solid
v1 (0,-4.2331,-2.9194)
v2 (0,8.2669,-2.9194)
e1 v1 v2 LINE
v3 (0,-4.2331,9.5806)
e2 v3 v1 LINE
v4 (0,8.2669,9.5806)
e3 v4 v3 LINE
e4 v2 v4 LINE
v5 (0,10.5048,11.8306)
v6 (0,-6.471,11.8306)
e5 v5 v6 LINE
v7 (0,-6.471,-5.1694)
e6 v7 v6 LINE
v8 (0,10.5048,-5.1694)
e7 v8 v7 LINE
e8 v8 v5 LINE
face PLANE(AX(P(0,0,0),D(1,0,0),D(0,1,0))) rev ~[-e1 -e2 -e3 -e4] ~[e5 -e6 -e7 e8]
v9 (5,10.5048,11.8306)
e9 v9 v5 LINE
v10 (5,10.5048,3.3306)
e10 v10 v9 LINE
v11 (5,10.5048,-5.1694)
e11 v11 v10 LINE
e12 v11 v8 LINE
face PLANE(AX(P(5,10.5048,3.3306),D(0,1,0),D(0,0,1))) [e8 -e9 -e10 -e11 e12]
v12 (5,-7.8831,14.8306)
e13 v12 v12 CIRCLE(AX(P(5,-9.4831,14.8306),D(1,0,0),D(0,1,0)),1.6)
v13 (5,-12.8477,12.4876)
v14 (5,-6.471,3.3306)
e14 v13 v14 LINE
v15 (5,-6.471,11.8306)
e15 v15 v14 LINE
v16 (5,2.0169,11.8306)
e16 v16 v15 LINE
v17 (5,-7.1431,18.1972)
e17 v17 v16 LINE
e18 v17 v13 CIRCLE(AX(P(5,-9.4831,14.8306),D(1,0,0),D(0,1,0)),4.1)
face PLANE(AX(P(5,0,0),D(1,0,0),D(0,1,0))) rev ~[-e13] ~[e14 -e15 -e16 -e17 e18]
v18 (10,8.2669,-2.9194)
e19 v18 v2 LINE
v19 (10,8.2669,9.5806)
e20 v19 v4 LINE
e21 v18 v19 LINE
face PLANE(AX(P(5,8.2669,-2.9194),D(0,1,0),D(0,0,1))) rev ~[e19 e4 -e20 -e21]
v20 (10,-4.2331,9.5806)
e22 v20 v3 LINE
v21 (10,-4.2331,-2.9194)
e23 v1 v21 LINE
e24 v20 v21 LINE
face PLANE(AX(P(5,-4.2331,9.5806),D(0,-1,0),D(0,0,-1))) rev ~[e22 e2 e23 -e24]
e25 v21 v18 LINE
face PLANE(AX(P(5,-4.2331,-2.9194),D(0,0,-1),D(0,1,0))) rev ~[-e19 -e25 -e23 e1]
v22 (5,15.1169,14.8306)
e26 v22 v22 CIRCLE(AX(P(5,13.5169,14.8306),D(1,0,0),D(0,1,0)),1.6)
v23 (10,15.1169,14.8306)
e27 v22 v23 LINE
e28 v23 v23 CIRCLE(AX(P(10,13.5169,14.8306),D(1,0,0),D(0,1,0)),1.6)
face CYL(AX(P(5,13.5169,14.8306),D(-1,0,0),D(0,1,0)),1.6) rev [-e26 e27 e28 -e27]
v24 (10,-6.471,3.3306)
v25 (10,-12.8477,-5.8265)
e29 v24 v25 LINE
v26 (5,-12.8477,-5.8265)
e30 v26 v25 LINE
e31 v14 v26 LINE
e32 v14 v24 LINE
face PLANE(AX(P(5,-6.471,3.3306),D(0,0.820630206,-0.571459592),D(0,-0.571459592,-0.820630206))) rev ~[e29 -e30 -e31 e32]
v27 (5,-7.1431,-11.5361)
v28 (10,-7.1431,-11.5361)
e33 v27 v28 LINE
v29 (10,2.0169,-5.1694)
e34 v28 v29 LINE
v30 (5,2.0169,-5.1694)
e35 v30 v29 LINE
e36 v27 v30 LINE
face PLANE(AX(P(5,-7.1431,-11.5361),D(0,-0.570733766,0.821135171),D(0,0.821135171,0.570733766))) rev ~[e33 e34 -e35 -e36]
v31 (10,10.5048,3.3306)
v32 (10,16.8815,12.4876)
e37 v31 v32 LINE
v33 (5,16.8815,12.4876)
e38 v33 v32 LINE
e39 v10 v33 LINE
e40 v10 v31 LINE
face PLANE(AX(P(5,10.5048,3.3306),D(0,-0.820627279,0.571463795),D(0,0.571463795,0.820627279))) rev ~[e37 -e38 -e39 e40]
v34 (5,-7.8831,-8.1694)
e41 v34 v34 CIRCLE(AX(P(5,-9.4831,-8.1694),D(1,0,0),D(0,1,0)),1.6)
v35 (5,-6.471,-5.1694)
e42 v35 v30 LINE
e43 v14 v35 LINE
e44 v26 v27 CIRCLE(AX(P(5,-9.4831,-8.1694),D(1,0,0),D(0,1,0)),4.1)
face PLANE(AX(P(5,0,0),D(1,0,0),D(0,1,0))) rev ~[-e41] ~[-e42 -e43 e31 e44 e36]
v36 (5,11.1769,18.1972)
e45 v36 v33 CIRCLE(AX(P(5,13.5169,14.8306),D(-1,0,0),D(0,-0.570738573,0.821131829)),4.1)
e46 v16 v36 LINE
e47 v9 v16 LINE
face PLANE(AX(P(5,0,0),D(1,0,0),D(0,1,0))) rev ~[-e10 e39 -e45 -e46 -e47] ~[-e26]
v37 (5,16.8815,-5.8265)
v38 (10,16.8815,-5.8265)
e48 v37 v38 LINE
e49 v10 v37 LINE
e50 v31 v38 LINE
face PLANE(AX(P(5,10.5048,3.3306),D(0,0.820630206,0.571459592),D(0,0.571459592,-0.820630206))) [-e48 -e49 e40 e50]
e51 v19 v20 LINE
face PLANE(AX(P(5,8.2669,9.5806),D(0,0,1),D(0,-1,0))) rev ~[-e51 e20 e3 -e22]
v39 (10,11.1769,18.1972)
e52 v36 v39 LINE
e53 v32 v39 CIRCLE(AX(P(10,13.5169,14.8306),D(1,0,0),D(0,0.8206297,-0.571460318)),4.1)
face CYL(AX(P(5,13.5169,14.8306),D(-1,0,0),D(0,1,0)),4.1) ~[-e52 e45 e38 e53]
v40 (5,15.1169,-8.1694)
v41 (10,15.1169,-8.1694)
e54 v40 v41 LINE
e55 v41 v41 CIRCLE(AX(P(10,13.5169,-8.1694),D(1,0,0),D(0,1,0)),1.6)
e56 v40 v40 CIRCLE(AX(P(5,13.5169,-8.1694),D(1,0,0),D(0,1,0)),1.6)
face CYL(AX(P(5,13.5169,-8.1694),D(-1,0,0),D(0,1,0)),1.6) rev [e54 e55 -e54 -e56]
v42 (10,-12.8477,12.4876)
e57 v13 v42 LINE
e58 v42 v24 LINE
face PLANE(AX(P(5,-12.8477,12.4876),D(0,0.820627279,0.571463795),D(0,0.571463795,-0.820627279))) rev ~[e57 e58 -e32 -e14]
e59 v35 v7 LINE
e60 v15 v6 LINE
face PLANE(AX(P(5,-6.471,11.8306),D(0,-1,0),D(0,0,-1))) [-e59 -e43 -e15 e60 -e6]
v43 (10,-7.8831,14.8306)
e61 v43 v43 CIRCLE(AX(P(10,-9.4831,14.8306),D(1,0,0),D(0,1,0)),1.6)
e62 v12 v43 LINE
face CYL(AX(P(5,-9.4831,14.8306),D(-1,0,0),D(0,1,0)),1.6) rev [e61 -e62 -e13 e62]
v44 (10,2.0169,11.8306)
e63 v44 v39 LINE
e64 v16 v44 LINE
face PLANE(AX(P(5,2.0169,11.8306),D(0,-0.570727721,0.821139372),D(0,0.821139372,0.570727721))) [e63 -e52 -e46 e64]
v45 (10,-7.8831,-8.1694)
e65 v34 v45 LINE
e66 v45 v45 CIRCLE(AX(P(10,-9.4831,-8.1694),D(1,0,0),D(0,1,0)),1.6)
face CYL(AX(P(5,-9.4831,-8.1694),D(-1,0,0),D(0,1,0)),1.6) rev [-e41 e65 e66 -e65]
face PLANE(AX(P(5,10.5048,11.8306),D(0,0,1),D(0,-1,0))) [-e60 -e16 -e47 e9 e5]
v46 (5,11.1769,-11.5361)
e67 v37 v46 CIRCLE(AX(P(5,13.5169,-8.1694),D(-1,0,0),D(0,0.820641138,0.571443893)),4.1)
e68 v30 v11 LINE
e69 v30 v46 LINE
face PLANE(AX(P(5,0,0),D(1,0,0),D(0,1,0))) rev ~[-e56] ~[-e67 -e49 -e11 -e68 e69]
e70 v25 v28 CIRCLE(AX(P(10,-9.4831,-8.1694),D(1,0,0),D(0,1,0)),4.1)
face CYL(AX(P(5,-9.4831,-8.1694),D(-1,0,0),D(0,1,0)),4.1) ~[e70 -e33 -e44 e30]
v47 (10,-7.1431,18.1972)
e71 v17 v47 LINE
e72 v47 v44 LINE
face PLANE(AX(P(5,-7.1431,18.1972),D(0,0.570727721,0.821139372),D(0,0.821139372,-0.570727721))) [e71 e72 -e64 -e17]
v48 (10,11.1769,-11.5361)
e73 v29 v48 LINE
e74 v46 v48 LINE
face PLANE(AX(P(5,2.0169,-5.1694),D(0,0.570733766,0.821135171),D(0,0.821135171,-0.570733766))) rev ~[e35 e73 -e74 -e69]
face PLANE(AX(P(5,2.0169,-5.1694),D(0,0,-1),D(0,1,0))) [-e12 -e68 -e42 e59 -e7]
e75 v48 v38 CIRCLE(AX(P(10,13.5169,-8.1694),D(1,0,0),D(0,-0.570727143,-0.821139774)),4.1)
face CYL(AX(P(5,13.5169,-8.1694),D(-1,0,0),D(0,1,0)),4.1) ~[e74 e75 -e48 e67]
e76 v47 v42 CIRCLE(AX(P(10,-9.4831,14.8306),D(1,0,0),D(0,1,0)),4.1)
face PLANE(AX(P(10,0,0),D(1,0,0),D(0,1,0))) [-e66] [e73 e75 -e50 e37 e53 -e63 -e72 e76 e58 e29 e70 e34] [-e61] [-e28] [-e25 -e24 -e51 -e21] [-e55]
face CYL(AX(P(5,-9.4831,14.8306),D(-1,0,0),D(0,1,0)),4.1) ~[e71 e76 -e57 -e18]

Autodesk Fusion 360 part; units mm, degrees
sketch "Sketch2" plane through (5, 0, 0) normal (1, 0, 0) x (0, 1, 0)
  line L0 (16.9637, 18.2844) -> (-13.0292, -11.7227) construction
  line L1 (-12.9363, 18.2856) -> (17.0619, -11.7162) construction
  circle A0 centre (13.5169, 14.8306) radius 1.6
  circle A1 centre (-9.4831, 14.8306) radius 1.6
  circle A2 centre (-9.4831, -8.1694) radius 1.6
  circle A3 centre (13.5169, -8.1694) radius 1.6
  circle A4 centre (-9.4831, 14.8306) radius 4.1
  circle A5 centre (13.5169, 14.8306) radius 4.1
  circle A6 centre (-9.4831, -8.1694) radius 4.1
  line L2 (9.4619, 10.7862) -> (-5.5274, -4.2245) construction
  line L3 (-7.1431, 18.1972) -> (2.0169, 11.8306)
  line L4 (2.0169, 11.8306) -> (11.1769, 18.1972)
  line L5 (-12.8477, 12.4876) -> (-6.471, 3.3306)
  line L6 (-6.471, 3.3306) -> (-12.8477, -5.8265)
  line L7 (-7.1431, -11.5361) -> (2.0169, -5.1694)
  line L8 (10.5048, 3.3306) -> (16.8815, 12.4876)
  circle A7 centre (13.5169, -8.1694) radius 4.1
  line L9 (10.5048, 3.3306) -> (16.8815, -5.8265)
  line L10 (2.0169, -5.1694) -> (11.1769, -11.5361)
  line L11 (-4.2331, -2.9194) -> (8.2669, -2.9194)
  line L12 (8.2669, -2.9194) -> (8.2669, 9.5806)
  line L13 (8.2669, 9.5806) -> (-4.2331, 9.5806)
  line L14 (-4.2331, 9.5806) -> (-4.2331, -2.9194)
  line L15 (-4.2331, -2.9194) -> (8.2669, 9.5806) construction
  line L16 (8.2669, -2.9194) -> (-4.2331, 9.5806) construction
  line L17 (10.5048, 11.8306) -> (-6.471, 11.8306)
  line L18 (-6.471, 11.8306) -> (-6.471, -5.1694)
  line L19 (-6.471, -5.1694) -> (10.5048, -5.1694)
  line L20 (10.5048, -5.1694) -> (10.5048, 11.8306)
  line L21 (10.5048, 11.8306) -> (-6.471, -5.1694) construction
  line L22 (-6.471, 11.8306) -> (10.5048, -5.1694) construction
  point P0 (2.0169, 3.3306)
  point P1 (2.0169, 3.3306)
  point P2 (2.0169, 3.3306)
  point P3 (2.0169, 3.3306)
  point P4 (2.0169, 3.3306)
  dimension "d11" = 3.2
  dimension "d12" = 11.5
  dimension "d13" = 3.2
  dimension "d14" = 3.2
  dimension "d15" = 3.2
  dimension "d18" = 11.5
  dimension "d19" = 23
  dimension "d20" = 8.2
  dimension "d21" = 8.2
  dimension "d22" = 8.2
  dimension "d23" = 8.2
  dimension "d33" = 12.5
  dimension "d34" = 17
  dimension "d35" = 23
extrude "Extrude12" add sketch "Sketch2" along normal blind 5
extrude "Extrude13" add sketch "Sketch2" against normal blind 5 contours L17 L18 L19 L20
extrude "Extrude3" [suppressed]
equation "d11 = motorScrewHole"
equation "d12 = boltDistance / 2"
equation "d13 = motorScrewHole"
equation "d14 = motorScrewHole"
equation "d15 = motorScrewHole"
equation "motorScrewHole = 3.2 mm" comment "poo"
equation "d18 = boltDistance / 2"
equation "d19 = boltDistance"
equation "d20 = motorScrewHole + 5 mm"
equation "d21 = motorScrewHole + 5 mm"
equation "d22 = motorScrewHole + 5 mm"
equation "d23 = motorScrewHole + 5 mm"
equation "d35 = boltDistance"
equation "boltDistance = 23 mm"
